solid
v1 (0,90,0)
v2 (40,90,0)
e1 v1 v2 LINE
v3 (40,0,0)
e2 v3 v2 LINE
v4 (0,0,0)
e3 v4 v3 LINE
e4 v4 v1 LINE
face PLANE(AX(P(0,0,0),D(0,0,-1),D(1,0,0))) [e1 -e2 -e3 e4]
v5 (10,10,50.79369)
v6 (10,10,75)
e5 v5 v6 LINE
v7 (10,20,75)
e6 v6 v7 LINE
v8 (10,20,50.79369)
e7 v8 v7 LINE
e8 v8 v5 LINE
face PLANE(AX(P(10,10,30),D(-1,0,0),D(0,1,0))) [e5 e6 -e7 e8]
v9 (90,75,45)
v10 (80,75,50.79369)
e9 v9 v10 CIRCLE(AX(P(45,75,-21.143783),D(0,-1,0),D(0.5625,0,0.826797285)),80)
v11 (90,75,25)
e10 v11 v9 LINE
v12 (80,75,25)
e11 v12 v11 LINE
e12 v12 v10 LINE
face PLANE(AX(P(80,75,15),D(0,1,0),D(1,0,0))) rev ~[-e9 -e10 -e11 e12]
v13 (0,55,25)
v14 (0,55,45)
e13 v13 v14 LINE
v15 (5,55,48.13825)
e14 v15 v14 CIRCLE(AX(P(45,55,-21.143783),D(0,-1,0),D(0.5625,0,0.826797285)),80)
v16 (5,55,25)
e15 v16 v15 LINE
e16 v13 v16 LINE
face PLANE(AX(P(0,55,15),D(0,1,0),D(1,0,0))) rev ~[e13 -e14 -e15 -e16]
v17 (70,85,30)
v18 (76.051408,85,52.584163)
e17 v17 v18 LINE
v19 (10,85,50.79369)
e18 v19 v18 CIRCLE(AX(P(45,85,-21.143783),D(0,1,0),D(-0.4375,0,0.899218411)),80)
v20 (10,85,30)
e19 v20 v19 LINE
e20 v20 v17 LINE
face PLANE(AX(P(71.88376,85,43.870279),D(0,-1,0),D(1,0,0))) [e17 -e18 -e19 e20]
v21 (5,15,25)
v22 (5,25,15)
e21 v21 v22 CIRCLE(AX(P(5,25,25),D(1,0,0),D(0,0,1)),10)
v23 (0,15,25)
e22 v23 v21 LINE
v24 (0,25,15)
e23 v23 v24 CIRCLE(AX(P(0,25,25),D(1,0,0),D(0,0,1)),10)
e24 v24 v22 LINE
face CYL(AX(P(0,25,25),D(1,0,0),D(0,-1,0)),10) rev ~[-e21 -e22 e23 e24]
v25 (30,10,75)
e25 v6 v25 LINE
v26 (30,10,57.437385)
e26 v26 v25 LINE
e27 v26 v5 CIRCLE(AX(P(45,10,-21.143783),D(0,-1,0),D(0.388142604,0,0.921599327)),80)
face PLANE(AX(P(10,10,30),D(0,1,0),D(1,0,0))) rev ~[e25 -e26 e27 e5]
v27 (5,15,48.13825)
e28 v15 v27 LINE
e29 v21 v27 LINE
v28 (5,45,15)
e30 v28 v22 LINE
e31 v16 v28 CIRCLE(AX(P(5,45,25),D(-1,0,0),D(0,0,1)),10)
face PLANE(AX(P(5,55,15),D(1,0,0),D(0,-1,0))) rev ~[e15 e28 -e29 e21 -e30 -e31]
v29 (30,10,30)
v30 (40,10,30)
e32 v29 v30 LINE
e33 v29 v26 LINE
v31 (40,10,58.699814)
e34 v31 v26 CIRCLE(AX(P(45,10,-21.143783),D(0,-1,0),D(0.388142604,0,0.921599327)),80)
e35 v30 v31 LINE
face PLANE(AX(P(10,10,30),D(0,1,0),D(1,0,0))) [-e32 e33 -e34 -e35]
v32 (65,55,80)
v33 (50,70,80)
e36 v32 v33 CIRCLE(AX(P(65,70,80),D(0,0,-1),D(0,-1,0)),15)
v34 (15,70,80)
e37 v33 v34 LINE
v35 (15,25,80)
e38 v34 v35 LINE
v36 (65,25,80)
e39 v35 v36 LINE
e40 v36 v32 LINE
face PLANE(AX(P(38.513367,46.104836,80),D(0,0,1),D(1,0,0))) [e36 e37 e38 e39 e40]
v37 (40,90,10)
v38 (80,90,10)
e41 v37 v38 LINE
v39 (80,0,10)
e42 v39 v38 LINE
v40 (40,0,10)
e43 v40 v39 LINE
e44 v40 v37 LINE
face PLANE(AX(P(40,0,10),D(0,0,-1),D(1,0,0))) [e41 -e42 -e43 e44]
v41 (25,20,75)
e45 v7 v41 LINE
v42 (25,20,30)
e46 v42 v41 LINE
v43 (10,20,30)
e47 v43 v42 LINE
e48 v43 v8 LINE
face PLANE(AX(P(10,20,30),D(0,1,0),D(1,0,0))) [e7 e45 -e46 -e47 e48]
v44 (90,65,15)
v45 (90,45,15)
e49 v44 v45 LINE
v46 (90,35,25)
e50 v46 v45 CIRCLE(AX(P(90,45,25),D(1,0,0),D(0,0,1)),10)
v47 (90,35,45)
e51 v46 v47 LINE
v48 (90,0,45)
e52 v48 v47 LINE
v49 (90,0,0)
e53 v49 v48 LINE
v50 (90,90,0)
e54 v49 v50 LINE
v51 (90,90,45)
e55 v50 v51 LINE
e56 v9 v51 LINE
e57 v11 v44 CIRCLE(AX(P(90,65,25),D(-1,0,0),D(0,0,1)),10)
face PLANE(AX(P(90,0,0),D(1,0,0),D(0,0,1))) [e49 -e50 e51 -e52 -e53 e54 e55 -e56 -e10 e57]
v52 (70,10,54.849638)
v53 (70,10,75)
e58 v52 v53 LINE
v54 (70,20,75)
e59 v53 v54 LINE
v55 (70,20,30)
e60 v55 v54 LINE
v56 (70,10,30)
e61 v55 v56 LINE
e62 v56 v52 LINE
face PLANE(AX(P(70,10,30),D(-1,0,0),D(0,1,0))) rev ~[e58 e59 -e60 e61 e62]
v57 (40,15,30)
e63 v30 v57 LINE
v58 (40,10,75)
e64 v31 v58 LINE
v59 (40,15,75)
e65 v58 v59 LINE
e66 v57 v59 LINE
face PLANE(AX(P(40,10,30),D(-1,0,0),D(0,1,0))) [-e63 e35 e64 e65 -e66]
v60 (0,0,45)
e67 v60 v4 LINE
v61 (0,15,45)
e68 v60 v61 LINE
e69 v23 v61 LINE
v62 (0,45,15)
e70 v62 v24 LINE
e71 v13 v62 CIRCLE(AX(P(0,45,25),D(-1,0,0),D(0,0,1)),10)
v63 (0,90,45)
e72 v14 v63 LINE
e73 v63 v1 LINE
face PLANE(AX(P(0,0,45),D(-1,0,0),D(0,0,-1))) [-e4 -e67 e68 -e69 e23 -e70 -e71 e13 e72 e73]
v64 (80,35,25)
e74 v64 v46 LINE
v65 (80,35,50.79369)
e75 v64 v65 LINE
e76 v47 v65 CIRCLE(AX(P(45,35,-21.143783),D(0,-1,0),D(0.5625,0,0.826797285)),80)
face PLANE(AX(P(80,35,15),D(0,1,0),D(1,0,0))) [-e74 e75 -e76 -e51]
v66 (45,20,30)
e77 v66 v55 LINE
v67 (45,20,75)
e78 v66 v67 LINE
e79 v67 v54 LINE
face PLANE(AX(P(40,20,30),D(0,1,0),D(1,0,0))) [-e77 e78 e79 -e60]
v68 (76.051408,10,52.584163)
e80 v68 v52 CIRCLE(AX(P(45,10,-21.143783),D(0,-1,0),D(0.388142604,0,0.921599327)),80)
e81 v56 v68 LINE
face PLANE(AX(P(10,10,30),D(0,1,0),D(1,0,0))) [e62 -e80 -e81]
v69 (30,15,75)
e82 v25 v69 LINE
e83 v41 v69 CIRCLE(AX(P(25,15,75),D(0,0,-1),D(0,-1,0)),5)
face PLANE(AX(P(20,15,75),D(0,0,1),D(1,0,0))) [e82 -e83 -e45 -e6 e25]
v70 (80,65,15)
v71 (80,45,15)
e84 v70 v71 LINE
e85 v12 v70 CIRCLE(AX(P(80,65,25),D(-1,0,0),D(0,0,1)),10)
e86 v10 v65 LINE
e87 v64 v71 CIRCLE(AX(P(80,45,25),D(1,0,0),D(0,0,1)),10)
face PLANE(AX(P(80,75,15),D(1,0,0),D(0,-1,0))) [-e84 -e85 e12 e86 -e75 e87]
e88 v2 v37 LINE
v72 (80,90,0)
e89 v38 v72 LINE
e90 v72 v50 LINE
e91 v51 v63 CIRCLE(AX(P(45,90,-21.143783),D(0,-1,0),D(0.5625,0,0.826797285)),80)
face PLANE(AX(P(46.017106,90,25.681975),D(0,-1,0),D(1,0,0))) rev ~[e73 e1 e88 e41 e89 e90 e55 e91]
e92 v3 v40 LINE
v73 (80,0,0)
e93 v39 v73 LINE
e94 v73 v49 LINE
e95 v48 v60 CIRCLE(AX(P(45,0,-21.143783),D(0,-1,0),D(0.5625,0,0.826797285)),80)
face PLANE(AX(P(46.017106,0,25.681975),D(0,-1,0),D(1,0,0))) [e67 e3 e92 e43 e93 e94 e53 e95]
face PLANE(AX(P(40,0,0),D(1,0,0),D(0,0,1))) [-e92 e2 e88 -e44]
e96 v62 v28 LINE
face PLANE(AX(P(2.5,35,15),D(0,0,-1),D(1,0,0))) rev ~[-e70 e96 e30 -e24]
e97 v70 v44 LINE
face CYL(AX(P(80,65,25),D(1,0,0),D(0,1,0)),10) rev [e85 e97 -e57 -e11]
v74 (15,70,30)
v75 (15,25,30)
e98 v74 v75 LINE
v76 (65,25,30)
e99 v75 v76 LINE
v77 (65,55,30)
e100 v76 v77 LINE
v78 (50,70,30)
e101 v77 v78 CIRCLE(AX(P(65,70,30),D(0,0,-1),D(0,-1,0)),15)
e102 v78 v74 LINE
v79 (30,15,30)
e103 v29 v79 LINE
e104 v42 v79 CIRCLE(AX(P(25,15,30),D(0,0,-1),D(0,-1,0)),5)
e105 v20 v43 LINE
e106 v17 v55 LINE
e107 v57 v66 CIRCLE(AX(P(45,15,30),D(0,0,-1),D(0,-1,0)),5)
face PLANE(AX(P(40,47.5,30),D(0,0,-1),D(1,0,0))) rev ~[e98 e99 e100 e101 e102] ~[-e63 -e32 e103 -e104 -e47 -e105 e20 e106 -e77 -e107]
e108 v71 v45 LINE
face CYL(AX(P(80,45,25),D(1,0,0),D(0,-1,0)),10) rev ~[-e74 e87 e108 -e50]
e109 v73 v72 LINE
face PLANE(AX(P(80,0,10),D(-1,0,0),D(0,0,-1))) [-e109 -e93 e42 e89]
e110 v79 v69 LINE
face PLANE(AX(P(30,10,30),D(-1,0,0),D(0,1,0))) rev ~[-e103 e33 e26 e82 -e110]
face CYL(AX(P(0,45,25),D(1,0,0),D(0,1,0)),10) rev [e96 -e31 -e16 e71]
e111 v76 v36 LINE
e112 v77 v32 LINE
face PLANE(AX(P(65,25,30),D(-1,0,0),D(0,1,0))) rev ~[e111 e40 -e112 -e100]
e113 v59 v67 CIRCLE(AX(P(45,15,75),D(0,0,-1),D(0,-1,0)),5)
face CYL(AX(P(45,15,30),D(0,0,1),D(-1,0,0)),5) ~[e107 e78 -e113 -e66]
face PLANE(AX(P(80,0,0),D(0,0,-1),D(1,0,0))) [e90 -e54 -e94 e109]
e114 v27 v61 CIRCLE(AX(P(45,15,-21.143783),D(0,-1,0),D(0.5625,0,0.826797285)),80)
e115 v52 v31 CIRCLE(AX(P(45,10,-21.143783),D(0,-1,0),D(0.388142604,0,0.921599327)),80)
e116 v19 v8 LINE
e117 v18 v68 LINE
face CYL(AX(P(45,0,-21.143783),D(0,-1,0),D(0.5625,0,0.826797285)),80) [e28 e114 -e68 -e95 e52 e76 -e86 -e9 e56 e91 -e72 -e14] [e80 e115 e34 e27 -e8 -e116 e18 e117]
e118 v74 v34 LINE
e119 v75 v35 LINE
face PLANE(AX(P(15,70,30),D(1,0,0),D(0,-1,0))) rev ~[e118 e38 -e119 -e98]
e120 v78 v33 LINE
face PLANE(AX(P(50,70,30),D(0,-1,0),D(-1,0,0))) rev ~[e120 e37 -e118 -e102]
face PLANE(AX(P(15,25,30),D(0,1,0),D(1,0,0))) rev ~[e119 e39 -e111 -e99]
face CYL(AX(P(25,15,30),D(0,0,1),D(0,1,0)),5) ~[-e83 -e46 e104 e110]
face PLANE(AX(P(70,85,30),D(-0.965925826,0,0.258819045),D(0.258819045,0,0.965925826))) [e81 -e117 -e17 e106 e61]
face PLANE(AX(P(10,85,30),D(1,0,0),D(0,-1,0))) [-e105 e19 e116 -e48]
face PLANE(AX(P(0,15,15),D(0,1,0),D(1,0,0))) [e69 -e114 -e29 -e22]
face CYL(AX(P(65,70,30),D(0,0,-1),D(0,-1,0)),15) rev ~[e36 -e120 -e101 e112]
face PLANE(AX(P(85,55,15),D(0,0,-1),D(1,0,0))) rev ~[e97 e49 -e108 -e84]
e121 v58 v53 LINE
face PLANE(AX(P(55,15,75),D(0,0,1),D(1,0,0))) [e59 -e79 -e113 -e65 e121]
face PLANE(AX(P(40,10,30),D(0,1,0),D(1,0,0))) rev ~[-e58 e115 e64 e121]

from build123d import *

# Parameters (mm, degrees)
F1_DEPTH  = 90
F3_W      = 60
F3_H      = 75
F4_DEPTH  = 28.8572172234
F6_DEPTH  = 75
F7_W      = 20
F7_H      = 10
F7_W_2    = 30
F8_DEPTH  = 45
F9_R      = 5
F11_DEPTH = 50
F13_W     = 5
F13_H     = 40
F13_W_2   = 10
F14_DEPTH = 65.001
F15_R     = 10


with BuildPart() as f1:
    # F0 (on Front) → F1 (new body)
    with BuildSketch(Plane.XZ):
        with BuildLine():
            ThreePointArc((90, 45), (45, 58.8562172234), (0, 45))
            Line((0, 45), (0, 0))
            Line((0, 0), (40, 0))
            Line((40, 0), (40, 10))
            Line((40, 10), (80, 10))
            Line((80, 10), (80, 0))
            Line((80, 0), (90, 0))
            Line((90, 0), (90, 45))
        make_face()
    extrude(amount=-F1_DEPTH)

    # F3 (on offset) → F4 (cut, through all)
    with BuildSketch(Plane(origin=(0, 0, 30), x_dir=(1, 0, 0), z_dir=(0, 0, -1))):
        with Locations((40, -47.5)):
            Rectangle(F3_W, F3_H)
    extrude(amount=-F4_DEPTH, mode=Mode.SUBTRACT)

    # F5 (on face) → F6 (cut, through all)
    with BuildSketch(Plane.XZ.offset(-85)):
        Polygon((76.658440432, 54.8496379912), (70, 54.8496379912), (70, 30), align=None)
    extrude(amount=F6_DEPTH, mode=Mode.SUBTRACT)

    # F7 (on face) → F8 (join)
    with BuildSketch(Plane.XY.offset(30)):
        with Locations((20, 15)):
            Rectangle(F7_W, F7_H)
        with Locations((55, 15)):
            Rectangle(F7_W_2, F7_H)
    extrude(amount=F8_DEPTH)

    # F9
    f9_edges = [f1.edges().sort_by_distance(p)[0] for p in [
        (40, 20, 52.5),
        (30, 20, 52.5),
    ]]
    fillet(f9_edges, radius=F9_R)

    # F10 (on face) → F11 (join)
    with BuildSketch(Plane.XY.offset(30)):
        with BuildLine():
            Line((50, 70), (15, 70))
            Line((15, 70), (15, 25))
            Line((15, 25), (65, 25))
            Line((65, 25), (65, 55))
            ThreePointArc((65, 55), (54.3933982822, 59.3933982822), (50, 70))
        make_face()
    extrude(amount=F11_DEPTH)

    # F13 (on offset) → F14 (cut, through all)
    with BuildSketch(Plane(origin=(0, 0, 15), x_dir=(1, 0, 0), z_dir=(0, 0, -1))):
        with Locations((2.5, -35)):
            Rectangle(F13_W, F13_H)
        with Locations((85, -55)):
            Rectangle(F13_W_2, F13_H)
    extrude(amount=-F14_DEPTH, mode=Mode.SUBTRACT)

    # F15
    f15_edges = [f1.edges().sort_by_distance(p)[0] for p in [
        (2.5, 55, 15),
        (2.5, 15, 15),
        (85, 35, 15),
        (85, 75, 15),
    ]]
    fillet(f15_edges, radius=F15_R)


solid = f1.part
